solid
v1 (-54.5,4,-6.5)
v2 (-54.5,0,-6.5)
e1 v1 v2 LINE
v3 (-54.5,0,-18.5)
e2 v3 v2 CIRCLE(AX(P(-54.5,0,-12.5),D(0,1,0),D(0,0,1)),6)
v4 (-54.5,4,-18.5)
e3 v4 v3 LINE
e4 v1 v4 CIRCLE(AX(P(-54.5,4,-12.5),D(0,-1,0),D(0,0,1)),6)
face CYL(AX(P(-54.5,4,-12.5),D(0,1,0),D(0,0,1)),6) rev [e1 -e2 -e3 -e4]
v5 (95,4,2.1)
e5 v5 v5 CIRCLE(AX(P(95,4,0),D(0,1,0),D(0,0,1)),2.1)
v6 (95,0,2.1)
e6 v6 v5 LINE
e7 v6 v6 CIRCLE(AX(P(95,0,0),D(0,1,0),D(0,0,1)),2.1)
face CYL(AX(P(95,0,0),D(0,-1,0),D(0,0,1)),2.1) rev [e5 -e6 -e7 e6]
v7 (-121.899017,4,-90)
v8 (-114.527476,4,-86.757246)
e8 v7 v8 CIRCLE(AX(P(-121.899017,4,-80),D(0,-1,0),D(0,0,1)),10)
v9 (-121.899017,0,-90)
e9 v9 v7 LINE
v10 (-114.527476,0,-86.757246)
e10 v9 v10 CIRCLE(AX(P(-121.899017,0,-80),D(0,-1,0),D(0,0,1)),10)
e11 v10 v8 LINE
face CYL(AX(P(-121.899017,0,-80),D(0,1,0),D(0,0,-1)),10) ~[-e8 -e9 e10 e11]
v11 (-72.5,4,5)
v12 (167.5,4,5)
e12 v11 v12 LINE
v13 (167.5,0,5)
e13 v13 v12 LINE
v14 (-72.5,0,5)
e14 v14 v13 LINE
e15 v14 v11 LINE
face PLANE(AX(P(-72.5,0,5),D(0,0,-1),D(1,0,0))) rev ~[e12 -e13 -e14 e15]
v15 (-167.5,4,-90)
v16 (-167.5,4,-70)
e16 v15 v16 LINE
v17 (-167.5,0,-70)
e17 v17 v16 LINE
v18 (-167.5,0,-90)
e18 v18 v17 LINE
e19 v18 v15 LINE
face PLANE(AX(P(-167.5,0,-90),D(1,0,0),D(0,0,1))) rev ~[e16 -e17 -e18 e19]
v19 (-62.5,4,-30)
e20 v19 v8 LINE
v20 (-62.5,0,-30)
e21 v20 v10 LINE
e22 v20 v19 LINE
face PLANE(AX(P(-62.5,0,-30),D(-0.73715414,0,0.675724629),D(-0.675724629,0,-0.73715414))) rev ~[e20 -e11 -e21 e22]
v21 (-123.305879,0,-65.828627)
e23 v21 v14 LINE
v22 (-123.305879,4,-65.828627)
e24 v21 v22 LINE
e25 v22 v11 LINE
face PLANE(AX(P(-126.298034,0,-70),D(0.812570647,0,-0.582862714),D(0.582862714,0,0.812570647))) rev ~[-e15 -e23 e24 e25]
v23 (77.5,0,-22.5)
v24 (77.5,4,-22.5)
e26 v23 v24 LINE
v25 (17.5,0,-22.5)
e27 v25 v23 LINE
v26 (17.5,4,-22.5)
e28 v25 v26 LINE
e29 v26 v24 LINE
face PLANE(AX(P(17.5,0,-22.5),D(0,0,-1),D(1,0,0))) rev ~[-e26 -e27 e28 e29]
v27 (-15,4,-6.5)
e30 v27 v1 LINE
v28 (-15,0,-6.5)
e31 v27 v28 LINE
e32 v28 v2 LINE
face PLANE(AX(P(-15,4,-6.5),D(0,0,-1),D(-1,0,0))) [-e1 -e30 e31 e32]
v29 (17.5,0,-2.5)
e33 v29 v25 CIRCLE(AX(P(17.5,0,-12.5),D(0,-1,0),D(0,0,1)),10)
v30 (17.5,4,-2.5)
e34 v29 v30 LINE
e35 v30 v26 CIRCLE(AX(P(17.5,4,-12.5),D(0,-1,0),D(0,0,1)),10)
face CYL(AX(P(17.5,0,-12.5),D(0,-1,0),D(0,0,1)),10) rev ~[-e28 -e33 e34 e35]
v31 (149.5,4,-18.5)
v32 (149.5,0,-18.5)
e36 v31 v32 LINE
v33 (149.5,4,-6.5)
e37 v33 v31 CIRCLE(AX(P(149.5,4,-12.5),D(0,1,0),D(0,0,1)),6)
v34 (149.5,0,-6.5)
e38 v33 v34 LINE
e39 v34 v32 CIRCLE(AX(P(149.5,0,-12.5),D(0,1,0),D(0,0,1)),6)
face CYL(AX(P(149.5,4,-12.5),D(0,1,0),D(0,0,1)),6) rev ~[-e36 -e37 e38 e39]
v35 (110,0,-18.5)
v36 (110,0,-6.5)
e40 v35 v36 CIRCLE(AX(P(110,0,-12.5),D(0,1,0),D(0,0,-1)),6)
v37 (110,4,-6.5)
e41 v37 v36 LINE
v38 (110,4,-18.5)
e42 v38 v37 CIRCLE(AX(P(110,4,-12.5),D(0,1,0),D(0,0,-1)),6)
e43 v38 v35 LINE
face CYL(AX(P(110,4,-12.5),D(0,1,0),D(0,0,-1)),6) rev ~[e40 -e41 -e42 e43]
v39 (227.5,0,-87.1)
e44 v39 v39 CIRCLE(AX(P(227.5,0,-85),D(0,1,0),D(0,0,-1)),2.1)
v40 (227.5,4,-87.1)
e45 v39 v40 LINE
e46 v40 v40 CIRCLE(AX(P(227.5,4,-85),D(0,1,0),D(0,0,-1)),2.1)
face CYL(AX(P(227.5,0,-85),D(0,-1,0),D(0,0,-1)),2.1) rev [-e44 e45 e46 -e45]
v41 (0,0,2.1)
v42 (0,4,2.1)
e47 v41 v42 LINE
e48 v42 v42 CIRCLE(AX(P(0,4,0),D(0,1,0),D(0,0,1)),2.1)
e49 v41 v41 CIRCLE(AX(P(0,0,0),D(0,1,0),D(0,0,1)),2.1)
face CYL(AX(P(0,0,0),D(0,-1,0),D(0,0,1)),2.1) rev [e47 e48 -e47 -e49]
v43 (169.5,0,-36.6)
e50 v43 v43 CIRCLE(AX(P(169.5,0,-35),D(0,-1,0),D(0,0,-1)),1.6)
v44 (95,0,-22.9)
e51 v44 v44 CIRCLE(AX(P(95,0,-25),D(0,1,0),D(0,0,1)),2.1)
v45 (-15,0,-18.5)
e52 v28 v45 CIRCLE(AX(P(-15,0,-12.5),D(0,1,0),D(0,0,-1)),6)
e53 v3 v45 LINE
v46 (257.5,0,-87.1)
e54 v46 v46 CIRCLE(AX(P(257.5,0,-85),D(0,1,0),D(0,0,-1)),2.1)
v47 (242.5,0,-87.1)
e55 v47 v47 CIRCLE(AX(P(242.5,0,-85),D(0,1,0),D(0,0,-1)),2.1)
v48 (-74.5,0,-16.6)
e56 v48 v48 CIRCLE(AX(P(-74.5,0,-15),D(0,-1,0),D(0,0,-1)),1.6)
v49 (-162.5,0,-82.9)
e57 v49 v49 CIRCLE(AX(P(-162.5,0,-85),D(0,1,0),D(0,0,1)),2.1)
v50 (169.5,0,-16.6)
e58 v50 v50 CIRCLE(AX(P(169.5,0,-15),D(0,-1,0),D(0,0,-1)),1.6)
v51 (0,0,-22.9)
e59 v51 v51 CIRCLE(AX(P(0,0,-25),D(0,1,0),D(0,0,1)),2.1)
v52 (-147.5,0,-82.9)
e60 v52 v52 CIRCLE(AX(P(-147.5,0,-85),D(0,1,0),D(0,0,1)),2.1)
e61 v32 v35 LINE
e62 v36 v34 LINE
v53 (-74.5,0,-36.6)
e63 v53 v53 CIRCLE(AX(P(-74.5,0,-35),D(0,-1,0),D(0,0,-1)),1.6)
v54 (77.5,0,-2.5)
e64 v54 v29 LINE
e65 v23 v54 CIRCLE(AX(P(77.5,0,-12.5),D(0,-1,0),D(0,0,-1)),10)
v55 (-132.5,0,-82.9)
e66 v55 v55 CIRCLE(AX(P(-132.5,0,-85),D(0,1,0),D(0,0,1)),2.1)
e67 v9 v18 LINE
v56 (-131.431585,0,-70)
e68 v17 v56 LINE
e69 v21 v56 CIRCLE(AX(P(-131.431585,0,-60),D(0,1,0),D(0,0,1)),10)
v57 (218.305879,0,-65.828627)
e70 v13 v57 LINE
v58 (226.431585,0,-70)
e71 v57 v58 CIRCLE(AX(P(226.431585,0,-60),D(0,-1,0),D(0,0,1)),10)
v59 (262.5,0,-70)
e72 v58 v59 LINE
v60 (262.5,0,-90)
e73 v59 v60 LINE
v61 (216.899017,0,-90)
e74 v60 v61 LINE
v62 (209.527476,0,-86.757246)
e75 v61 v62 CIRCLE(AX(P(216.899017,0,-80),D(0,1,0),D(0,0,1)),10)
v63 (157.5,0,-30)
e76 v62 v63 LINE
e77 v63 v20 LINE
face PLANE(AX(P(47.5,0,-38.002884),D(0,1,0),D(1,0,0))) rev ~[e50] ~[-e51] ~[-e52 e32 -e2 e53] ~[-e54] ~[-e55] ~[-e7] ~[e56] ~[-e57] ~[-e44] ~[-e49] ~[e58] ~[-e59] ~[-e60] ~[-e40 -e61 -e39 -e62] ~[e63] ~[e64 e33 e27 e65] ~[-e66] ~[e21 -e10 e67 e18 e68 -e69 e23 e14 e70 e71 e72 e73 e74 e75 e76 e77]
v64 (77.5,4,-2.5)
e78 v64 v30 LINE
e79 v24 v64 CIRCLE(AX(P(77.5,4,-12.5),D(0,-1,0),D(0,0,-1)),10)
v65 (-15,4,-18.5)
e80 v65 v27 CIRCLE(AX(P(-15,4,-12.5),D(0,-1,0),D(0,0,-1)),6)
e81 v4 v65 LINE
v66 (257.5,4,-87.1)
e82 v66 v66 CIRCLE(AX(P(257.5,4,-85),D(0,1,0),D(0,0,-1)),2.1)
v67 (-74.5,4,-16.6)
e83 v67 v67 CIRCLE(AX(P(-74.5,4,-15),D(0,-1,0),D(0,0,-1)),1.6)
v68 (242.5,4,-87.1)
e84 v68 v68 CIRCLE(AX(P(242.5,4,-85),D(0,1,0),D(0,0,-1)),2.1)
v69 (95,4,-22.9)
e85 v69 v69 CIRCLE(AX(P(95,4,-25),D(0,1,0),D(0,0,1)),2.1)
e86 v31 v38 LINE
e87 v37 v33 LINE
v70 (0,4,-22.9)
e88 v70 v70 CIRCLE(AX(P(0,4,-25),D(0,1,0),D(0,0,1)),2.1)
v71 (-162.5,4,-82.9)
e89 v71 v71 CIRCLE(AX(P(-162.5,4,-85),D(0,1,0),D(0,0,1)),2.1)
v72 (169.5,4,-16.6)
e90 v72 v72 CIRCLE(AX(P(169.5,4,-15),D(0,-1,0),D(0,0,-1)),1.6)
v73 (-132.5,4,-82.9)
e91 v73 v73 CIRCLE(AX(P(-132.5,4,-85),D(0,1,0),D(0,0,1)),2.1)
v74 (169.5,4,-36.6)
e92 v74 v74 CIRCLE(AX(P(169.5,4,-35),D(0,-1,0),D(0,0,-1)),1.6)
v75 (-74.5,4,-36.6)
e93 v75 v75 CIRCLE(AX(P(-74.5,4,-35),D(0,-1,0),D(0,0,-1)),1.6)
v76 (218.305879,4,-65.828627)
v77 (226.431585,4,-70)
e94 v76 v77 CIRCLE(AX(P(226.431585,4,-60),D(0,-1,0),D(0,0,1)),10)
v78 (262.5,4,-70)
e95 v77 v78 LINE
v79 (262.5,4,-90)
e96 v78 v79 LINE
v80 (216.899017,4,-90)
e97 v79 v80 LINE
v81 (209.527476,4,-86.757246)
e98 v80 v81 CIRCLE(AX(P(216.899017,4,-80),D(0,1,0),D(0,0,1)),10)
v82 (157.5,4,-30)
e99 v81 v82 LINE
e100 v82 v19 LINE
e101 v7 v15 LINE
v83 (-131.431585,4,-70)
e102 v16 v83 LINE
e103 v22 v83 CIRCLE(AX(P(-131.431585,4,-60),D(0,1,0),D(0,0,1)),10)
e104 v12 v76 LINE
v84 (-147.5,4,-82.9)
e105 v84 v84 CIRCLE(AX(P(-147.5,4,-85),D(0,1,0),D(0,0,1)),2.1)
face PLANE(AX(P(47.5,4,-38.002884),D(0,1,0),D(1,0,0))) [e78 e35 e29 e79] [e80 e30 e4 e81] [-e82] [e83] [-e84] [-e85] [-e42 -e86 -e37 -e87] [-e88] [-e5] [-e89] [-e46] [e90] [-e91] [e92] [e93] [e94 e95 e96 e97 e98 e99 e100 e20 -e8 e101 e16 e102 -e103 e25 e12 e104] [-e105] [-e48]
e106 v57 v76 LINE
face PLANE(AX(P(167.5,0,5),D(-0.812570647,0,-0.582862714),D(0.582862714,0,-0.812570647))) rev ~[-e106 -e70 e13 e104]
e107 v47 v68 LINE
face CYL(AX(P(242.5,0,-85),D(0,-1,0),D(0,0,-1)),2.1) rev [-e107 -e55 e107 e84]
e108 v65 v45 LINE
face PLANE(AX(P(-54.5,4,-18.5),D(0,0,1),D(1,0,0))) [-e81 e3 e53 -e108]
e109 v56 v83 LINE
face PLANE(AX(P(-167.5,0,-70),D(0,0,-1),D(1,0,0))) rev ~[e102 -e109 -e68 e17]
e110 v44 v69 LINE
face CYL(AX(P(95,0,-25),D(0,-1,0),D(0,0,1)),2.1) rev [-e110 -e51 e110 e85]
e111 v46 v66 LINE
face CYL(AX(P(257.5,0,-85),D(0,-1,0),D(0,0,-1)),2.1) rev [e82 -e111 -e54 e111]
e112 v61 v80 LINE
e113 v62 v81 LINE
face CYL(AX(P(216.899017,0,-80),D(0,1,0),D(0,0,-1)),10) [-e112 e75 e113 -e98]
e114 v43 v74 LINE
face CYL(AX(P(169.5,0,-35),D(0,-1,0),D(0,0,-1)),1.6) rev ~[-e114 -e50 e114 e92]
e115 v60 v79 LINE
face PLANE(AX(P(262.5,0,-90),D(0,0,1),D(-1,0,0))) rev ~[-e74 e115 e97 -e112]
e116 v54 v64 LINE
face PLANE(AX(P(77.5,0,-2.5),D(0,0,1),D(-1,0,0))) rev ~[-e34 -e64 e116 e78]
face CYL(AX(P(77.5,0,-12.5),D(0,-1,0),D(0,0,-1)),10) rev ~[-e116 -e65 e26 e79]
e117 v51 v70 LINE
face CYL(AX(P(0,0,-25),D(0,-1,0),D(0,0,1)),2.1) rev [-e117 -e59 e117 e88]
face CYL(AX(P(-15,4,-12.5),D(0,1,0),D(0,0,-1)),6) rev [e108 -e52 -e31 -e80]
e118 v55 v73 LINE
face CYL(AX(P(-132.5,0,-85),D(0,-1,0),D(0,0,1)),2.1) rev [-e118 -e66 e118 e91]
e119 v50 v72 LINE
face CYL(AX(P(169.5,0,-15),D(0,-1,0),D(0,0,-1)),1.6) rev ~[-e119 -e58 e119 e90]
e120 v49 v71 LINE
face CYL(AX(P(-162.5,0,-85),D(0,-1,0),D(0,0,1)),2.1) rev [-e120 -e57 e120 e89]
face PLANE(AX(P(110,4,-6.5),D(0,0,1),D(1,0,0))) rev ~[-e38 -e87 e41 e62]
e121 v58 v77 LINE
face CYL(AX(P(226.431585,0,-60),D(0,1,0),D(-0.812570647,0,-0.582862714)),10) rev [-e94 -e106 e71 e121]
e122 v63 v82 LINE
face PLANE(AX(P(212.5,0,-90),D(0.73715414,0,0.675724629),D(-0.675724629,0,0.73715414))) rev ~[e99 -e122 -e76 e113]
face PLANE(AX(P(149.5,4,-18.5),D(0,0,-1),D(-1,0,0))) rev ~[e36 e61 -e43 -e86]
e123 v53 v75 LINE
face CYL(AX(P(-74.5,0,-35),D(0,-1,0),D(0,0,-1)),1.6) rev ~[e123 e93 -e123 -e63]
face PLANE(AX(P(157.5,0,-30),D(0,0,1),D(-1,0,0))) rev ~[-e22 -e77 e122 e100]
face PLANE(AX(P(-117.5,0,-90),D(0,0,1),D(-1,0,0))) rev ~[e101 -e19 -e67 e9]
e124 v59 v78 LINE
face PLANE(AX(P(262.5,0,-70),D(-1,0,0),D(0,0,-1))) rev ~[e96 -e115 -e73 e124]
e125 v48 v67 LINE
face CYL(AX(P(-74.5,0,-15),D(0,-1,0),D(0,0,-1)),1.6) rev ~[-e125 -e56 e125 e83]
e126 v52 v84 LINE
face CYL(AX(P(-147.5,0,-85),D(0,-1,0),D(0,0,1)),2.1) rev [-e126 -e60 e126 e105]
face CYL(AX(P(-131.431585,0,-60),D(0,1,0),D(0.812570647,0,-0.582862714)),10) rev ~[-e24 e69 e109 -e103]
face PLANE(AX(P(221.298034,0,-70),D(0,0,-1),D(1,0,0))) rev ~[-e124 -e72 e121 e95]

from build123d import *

# Parameters (mm, degrees)
SKETCH_2_R          = 2.1
EXTRUDE_1_DEPTH     = 4
SKETCH_3_R          = 1.6
CUT_EXTRUDE_1_DEPTH = 10
FILLET_1_R          = 10
CUT_EXTRUDE_2_DEPTH = 278.528827332


with BuildPart() as part:
    # 草图2 → 凸台-拉伸1 (new body)
    with BuildSketch(Plane(origin=(0, 0, 0), x_dir=(1, 0, 0), z_dir=(0, 1, 0))):
        Polygon((-72.5, -5), (167.5, -5), (221.298034327, 70), (262.5, 70), (262.5, 90), (212.5, 90), (157.5, 30), (-62.5, 30), (-117.5, 90), (-167.5, 90), (-167.5, 70), (-126.298034327, 70), align=None)
        with Locations(Location((0, 0, 0), (0, 0, 270))):
            Circle(SKETCH_2_R, mode=Mode.SUBTRACT)
        with Locations(Location((95, 0, 0), (0, 0, 270))):
            Circle(SKETCH_2_R, mode=Mode.SUBTRACT)
        with Locations(Location((95, 25, 0), (0, 0, 270))):
            Circle(SKETCH_2_R, mode=Mode.SUBTRACT)
        with Locations(Location((0, 25, 0), (0, 0, 270))):
            Circle(SKETCH_2_R, mode=Mode.SUBTRACT)
        with Locations(Location((-162.5, 85, 0), (0, 0, 270))):
            Circle(SKETCH_2_R, mode=Mode.SUBTRACT)
        with Locations(Location((-147.5, 85, 0), (0, 0, 270))):
            Circle(SKETCH_2_R, mode=Mode.SUBTRACT)
        with Locations(Location((-132.5, 85, 0), (0, 0, 270))):
            Circle(SKETCH_2_R, mode=Mode.SUBTRACT)
        with Locations(Location((227.5, 85, 0), (0, 0, 90))):
            Circle(SKETCH_2_R, mode=Mode.SUBTRACT)
        with Locations(Location((242.5, 85, 0), (0, 0, 90))):
            Circle(SKETCH_2_R, mode=Mode.SUBTRACT)
        with Locations(Location((257.5, 85, 0), (0, 0, 90))):
            Circle(SKETCH_2_R, mode=Mode.SUBTRACT)
        with BuildLine():
            Line((77.5, 2.5), (17.5, 2.5))
            ThreePointArc((17.5, 2.5), (7.5, 12.5), (17.5, 22.5))
            Line((17.5, 22.5), (77.5, 22.5))
            ThreePointArc((77.5, 22.5), (87.5, 12.5), (77.5, 2.5))
        make_face(mode=Mode.SUBTRACT)
    extrude(amount=EXTRUDE_1_DEPTH)

    # 草图3 → 切除-拉伸1 (cut)
    with BuildSketch(Plane.XZ):
        with Locations(Location((169.5, -35, 0), (0, 0, 270))):
            Circle(SKETCH_3_R)
        with Locations(Location((169.5, -15, 0), (0, 0, 270))):
            Circle(SKETCH_3_R)
        with Locations(Location((-74.5, -15, 0), (0, 0, 270))):
            Circle(SKETCH_3_R)
        with Locations(Location((-74.5, -35, 0), (0, 0, 270))):
            Circle(SKETCH_3_R)
    extrude(amount=-CUT_EXTRUDE_1_DEPTH, mode=Mode.SUBTRACT)

    # 圆角1
    fillet_1_edges = [part.edges().sort_by_distance(p)[0] for p in [
        (212.5, 2, -90),
        (221.298034327, 2, -70),
        (-126.298034327, 2, -70),
        (-117.5, 2, -90),
    ]]
    fillet(fillet_1_edges, radius=FILLET_1_R)

    # 草图4 → 切除-拉伸2 (cut, through all)
    with BuildSketch(Plane(origin=(0, 4, 0), x_dir=(1, 0, 0), z_dir=(0, 1, 0))):
        with BuildLine():
            Line((-54.5, 18.5), (-15, 18.5))
            ThreePointArc((-15, 18.5), (-9, 12.5), (-15, 6.5))
            Line((-15, 6.5), (-54.5, 6.5))
            ThreePointArc((-54.5, 6.5), (-60.5, 12.5), (-54.5, 18.5))
        make_face()
        with BuildLine():
            Line((149.5, 18.5), (110, 18.5))
            ThreePointArc((110, 18.5), (104, 12.5), (110, 6.5))
            Line((110, 6.5), (149.5, 6.5))
            ThreePointArc((149.5, 6.5), (155.5, 12.5), (149.5, 18.5))
        make_face()
    extrude(amount=-CUT_EXTRUDE_2_DEPTH, mode=Mode.SUBTRACT)


solid = part.part
